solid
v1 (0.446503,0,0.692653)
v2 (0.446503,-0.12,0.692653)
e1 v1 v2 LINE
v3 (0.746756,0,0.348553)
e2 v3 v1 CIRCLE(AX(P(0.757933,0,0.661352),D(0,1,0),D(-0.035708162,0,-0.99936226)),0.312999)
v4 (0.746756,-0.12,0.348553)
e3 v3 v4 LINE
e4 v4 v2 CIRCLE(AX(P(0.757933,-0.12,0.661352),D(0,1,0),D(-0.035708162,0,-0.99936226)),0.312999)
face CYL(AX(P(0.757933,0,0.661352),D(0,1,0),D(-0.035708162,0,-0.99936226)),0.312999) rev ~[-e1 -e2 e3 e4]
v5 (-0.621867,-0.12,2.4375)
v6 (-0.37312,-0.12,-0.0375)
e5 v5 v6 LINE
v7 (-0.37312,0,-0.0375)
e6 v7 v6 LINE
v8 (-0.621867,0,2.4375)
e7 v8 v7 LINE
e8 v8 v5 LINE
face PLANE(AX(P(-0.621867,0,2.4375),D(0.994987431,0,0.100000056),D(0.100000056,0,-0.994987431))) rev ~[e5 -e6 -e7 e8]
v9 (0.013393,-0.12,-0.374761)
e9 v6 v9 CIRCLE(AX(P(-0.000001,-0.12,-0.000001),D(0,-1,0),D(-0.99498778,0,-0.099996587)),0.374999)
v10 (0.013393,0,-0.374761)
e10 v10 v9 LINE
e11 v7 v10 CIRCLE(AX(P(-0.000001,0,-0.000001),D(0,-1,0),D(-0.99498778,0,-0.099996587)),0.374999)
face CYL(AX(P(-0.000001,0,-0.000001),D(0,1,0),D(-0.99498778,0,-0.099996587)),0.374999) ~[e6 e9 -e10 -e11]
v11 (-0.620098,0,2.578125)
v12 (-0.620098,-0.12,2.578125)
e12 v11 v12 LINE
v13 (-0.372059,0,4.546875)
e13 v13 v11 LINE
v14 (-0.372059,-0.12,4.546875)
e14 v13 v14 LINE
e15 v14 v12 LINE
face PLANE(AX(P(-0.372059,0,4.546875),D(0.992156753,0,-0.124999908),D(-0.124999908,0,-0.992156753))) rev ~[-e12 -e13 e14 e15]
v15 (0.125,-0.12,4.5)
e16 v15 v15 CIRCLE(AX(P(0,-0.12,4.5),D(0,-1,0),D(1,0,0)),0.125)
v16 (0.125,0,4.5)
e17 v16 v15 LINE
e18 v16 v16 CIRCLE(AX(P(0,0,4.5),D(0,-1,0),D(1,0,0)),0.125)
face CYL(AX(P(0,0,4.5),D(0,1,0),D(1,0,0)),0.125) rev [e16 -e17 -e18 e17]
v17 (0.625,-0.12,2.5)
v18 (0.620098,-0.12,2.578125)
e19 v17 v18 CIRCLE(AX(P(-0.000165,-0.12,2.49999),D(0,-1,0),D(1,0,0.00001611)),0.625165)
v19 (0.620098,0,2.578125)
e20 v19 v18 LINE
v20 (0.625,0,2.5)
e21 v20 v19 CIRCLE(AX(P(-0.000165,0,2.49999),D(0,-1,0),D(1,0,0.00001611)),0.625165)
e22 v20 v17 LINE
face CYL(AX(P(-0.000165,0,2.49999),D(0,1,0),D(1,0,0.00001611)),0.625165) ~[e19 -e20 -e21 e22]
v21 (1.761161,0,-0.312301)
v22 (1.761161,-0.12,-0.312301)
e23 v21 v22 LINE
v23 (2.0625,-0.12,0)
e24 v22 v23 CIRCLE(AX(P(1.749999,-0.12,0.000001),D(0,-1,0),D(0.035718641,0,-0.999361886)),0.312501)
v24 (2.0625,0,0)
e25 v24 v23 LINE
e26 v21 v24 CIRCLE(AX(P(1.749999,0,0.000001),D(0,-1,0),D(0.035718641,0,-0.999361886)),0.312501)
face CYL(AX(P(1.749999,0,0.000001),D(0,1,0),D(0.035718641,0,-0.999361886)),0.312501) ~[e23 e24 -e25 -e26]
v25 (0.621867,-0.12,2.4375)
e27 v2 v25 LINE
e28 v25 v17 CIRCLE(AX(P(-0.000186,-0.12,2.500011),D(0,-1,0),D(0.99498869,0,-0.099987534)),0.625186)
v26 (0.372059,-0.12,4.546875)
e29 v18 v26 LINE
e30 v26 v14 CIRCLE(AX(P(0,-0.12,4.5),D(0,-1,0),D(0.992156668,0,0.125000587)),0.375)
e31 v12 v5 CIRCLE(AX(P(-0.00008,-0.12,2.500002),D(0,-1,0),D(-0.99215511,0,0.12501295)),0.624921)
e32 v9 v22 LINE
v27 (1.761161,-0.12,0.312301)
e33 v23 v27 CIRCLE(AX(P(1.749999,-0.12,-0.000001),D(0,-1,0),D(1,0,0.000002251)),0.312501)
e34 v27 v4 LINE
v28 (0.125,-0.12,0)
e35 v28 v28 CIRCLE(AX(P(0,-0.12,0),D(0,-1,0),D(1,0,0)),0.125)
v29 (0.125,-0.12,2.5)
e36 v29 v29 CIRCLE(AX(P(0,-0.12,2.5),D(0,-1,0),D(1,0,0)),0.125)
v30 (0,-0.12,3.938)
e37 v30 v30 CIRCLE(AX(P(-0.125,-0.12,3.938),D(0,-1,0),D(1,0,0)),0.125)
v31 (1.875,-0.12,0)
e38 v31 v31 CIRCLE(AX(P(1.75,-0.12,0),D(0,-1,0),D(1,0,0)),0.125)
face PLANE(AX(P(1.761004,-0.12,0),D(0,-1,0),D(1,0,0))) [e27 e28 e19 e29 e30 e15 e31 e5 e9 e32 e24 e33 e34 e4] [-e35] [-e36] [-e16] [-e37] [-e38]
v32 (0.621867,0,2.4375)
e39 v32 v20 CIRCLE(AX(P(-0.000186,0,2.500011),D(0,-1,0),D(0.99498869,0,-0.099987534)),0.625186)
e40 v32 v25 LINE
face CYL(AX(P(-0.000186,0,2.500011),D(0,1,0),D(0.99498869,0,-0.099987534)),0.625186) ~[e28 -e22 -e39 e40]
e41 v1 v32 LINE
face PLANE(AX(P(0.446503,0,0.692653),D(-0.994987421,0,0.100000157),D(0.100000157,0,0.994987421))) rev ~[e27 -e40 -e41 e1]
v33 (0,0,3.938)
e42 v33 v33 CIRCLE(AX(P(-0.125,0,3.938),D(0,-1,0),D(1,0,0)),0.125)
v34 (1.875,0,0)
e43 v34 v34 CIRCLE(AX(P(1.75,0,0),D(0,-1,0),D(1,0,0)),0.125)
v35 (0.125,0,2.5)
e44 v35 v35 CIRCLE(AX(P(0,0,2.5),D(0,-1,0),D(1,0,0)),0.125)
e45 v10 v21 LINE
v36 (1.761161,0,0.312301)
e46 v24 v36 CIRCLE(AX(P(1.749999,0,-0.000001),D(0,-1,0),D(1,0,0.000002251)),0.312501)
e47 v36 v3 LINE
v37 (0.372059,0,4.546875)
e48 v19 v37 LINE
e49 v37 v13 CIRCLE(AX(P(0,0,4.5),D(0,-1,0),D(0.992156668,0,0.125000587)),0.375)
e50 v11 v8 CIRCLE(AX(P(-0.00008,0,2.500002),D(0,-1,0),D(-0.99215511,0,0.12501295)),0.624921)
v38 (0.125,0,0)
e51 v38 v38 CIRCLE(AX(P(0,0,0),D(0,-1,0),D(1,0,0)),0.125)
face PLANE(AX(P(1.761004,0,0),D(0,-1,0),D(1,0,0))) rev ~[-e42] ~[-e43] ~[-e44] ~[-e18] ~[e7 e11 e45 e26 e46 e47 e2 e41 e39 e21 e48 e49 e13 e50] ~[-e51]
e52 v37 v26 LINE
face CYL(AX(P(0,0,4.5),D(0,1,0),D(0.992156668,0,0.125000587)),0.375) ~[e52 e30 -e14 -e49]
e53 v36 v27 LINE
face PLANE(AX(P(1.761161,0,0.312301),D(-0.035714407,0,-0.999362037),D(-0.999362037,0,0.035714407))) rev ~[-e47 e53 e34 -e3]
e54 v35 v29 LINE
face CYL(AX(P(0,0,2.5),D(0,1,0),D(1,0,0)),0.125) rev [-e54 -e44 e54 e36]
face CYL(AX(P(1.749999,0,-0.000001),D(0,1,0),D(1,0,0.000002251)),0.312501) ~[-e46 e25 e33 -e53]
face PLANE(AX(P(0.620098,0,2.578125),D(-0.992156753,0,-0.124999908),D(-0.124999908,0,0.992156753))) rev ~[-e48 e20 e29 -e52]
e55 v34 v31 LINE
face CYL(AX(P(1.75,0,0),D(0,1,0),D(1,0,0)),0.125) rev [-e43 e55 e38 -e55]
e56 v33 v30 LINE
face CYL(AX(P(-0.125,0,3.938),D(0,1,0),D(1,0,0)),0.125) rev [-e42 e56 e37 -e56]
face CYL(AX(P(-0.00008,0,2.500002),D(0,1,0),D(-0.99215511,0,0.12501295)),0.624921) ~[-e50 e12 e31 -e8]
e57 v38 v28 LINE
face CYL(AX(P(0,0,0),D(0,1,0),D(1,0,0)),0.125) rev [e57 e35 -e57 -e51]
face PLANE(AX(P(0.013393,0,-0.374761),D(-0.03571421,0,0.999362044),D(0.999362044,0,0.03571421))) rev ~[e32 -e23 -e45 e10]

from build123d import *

# Parameters (mm, degrees)
F0_R     = 0.125
F1_DEPTH = 0.12


with BuildPart() as f1:
    # F0 (on Front) → F1 (new body)
    with BuildSketch(Plane.XZ):
        with BuildLine():
            ThreePointArc((1.761161, -0.312301), (1.974882, -0.216989), (2.0625, 0))
            ThreePointArc((2.0625, 0), (1.974882, 0.216989), (1.761161, 0.312301))
            ThreePointArc((1.761161, 0.312301), (1.4375, 0), (1.761161, -0.312301))
        make_face()
        with Locations((1.75, 0)):
            Circle(F0_R, mode=Mode.SUBTRACT)
        with BuildLine():
            ThreePointArc((1.761161, -0.312301), (1.4375, 0), (1.761161, 0.312301))
            Line((1.761161, 0.312301), (0.746756, 0.348553))
            ThreePointArc((0.746756, 0.348553), (0.522094, 0.455565), (0.446503, 0.692653))
            Line((0.446503, 0.692653), (0.621867, 2.4375))
            ThreePointArc((0.621867, 2.4375), (0, 1.875), (-0.621867, 2.4375))
            Line((-0.621867, 2.4375), (-0.37312, -0.0375))
            ThreePointArc((-0.37312, -0.0375), (-0.018774, 0.37453), (0.375, 0))
            ThreePointArc((0.375, 0), (0.269859, -0.260387), (0.013393, -0.374761))
            Line((0.013393, -0.374761), (1.761161, -0.312301))
        make_face()
        with BuildLine():
            ThreePointArc((-0.37312, -0.0375), (-0.246551, -0.282556), (0.013393, -0.374761))
            ThreePointArc((0.013393, -0.374761), (0.269859, -0.260387), (0.375, 0))
            ThreePointArc((0.375, 0), (-0.018774, 0.37453), (-0.37312, -0.0375))
        make_face()
        Circle(F0_R, mode=Mode.SUBTRACT)
        with BuildLine():
            ThreePointArc((-0.621867, 2.4375), (0, 1.875), (0.621867, 2.4375))
            ThreePointArc((0.621867, 2.4375), (0.624216, 2.468711), (0.625, 2.5))
            ThreePointArc((0.625, 2.5), (0.623773, 2.539139), (0.620098, 2.578125))
            ThreePointArc((0.620098, 2.578125), (0, 3.125), (-0.620098, 2.578125))
            ThreePointArc((-0.620098, 2.578125), (-0.624951, 2.507862), (-0.621867, 2.4375))
        make_face()
        with Locations((0, 2.5)):
            Circle(F0_R, mode=Mode.SUBTRACT)
        with BuildLine():
            Line((-0.372059, 4.546875), (-0.620098, 2.578125))
            ThreePointArc((-0.620098, 2.578125), (0, 3.125), (0.620098, 2.578125))
            Line((0.620098, 2.578125), (0.372059, 4.546875))
            ThreePointArc((0.372059, 4.546875), (0.374264, 4.523484), (0.375, 4.5))
            ThreePointArc((0.375, 4.5), (-0.023484, 4.125736), (-0.372059, 4.546875))
        make_face()
        with Locations((-0.125, 3.938)):
            Circle(F0_R, mode=Mode.SUBTRACT)
        with BuildLine():
            ThreePointArc((0.372059, 4.546875), (0, 4.875), (-0.372059, 4.546875))
            ThreePointArc((-0.372059, 4.546875), (-0.023484, 4.125736), (0.375, 4.5))
            ThreePointArc((0.375, 4.5), (0.374264, 4.523484), (0.372059, 4.546875))
        make_face()
        with Locations((0, 4.5)):
            Circle(F0_R, mode=Mode.SUBTRACT)
    extrude(amount=F1_DEPTH)


solid = f1.part
